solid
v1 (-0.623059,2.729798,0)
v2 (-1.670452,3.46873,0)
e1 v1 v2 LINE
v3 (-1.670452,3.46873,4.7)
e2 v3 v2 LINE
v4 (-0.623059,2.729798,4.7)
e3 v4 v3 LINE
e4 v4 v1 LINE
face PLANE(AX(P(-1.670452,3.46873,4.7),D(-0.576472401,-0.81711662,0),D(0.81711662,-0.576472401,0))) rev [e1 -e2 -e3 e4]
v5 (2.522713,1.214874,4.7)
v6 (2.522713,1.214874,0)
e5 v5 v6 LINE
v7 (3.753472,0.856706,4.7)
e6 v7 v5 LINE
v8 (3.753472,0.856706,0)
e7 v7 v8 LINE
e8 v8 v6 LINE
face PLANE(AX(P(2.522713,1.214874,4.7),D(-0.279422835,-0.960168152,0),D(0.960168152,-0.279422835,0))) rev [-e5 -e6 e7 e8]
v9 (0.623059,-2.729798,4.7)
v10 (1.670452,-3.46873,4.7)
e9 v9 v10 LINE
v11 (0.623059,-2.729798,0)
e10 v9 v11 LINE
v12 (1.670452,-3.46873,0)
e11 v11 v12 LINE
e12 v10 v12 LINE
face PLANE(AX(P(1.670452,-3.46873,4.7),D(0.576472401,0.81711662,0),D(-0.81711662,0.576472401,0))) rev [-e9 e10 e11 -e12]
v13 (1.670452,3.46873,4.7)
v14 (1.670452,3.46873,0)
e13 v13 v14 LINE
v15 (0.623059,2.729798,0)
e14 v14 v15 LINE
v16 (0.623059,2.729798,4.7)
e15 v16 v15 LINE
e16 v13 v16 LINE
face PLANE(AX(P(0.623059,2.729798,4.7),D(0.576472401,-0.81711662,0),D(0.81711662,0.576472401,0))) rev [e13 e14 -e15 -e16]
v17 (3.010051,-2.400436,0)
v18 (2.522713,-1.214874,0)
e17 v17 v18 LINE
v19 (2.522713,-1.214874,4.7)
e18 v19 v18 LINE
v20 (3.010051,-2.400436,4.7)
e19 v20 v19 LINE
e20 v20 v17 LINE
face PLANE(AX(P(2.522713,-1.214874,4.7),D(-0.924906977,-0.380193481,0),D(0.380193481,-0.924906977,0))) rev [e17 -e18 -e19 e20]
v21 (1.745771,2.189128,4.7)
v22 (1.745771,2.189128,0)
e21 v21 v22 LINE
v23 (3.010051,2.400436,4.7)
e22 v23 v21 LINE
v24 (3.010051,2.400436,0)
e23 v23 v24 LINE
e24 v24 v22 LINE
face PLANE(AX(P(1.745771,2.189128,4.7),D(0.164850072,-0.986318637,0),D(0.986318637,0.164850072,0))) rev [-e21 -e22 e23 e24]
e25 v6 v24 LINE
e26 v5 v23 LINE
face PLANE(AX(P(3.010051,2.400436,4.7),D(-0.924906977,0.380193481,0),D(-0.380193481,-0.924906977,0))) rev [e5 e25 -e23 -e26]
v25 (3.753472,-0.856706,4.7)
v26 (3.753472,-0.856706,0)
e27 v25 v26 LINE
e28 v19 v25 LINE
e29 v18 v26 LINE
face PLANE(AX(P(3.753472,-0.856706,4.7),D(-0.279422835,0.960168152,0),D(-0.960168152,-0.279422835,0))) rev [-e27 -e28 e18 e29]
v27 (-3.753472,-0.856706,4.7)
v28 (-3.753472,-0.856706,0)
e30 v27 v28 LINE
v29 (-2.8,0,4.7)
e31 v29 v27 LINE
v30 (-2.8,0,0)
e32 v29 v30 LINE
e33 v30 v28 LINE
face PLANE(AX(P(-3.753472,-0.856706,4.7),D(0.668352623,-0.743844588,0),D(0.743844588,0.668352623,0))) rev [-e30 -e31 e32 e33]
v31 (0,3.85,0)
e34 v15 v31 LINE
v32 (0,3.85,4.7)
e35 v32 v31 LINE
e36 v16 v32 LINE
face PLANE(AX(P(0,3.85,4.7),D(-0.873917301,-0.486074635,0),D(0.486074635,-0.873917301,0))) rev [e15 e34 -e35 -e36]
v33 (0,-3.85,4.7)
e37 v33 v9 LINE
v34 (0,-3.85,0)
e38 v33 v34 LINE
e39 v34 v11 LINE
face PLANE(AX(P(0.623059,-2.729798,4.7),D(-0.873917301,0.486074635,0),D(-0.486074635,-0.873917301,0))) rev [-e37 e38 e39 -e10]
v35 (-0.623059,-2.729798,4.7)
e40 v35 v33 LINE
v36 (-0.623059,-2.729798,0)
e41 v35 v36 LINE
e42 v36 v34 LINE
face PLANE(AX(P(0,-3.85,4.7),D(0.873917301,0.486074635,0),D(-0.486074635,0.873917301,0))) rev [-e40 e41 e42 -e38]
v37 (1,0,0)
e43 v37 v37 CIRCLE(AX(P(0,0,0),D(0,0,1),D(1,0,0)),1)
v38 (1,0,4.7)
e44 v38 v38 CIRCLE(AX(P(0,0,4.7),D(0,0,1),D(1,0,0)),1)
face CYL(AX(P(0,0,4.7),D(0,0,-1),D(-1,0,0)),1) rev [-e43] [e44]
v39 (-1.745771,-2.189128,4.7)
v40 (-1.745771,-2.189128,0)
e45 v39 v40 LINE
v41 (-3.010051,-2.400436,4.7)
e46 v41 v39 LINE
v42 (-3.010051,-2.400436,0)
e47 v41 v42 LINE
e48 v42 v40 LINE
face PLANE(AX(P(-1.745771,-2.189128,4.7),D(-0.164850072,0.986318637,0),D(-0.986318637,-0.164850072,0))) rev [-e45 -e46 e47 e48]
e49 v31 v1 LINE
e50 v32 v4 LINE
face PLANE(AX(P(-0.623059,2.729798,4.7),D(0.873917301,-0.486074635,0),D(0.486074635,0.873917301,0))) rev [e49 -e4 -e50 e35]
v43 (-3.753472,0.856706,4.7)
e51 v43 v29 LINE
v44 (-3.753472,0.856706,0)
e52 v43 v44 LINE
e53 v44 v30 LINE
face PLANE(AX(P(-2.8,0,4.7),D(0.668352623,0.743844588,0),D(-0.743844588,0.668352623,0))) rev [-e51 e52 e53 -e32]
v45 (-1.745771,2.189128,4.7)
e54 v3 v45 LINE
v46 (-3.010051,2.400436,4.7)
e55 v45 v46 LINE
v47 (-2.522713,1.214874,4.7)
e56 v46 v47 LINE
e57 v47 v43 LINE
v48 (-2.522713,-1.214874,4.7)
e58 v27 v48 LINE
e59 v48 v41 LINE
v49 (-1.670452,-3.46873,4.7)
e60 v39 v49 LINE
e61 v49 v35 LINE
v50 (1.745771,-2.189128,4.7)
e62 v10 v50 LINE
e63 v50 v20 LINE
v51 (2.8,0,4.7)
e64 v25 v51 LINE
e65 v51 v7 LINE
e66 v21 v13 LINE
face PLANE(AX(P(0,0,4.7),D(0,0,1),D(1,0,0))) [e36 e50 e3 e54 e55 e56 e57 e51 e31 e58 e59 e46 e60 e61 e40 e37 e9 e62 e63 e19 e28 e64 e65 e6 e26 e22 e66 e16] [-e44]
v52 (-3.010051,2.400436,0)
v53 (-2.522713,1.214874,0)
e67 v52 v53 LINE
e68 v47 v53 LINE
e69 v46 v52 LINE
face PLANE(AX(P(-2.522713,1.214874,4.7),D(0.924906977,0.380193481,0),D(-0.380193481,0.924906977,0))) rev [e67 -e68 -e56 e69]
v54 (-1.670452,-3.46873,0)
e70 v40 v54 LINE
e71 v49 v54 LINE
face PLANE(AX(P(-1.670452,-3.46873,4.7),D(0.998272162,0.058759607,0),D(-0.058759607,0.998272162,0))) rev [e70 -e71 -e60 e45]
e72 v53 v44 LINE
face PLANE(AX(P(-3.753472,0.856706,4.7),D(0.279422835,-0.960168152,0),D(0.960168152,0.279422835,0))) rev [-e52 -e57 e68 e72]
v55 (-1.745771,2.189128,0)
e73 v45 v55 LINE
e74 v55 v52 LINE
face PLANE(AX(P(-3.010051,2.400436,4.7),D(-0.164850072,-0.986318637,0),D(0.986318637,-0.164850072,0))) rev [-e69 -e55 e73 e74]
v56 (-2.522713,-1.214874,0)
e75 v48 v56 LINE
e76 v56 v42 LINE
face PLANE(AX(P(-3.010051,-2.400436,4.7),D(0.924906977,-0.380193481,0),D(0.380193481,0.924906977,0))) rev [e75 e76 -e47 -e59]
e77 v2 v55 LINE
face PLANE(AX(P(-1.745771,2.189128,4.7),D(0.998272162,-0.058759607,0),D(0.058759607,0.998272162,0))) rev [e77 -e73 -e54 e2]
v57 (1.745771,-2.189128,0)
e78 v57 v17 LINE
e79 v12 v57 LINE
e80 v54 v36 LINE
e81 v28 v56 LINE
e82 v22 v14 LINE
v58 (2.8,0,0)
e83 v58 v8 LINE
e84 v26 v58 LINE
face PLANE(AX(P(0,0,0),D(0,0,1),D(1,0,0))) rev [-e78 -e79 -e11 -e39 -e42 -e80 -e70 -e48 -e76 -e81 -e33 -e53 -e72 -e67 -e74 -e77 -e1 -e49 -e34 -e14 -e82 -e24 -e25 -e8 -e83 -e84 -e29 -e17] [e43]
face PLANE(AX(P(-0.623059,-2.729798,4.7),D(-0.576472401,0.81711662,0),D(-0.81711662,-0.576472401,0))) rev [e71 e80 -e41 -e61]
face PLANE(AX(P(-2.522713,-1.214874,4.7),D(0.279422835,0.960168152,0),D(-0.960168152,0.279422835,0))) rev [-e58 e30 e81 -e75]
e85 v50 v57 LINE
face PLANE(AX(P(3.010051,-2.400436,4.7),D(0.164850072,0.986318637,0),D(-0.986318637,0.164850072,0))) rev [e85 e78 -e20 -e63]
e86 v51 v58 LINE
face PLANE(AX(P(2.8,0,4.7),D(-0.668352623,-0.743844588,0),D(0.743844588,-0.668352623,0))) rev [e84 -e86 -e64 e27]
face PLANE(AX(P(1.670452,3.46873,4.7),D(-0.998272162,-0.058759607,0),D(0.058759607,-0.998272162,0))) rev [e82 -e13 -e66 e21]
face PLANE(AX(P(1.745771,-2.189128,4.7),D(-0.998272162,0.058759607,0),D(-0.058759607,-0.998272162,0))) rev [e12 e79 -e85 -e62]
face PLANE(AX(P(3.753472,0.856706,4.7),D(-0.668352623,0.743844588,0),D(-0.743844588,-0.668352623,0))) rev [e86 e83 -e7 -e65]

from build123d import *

# Parameters (mm, degrees)
SKETCH1_R           = 1
BOSS_EXTRUDE1_DEPTH = 4.7


with BuildPart() as part:
    # Sketch1 → Boss-Extrude1 (new body)
    with BuildSketch(Plane.XY):
        Polygon((0, 3.85), (0.623058615, 2.729798154), (1.670452396, 3.468730141), (1.745771445, 2.189128151), (3.010051208, 2.400435737), (2.52271283, 1.21487447), (3.753472462, 0.856705596), (2.8, 0), (3.753472462, -0.856705596), (2.52271283, -1.21487447), (3.010051208, -2.400435737), (1.745771445, -2.189128151), (1.670452396, -3.468730141), (0.623058615, -2.729798154), (0, -3.85), (-0.623058615, -2.729798154), (-1.670452396, -3.468730141), (-1.745771445, -2.189128151), (-3.010051208, -2.400435737), (-2.52271283, -1.21487447), (-3.753472462, -0.856705596), (-2.8, 0), (-3.753472462, 0.856705596), (-2.52271283, 1.21487447), (-3.010051208, 2.400435737), (-1.745771445, 2.189128151), (-1.670452396, 3.468730141), (-0.623058615, 2.729798154), align=None)
        Circle(SKETCH1_R, mode=Mode.SUBTRACT)
    extrude(amount=BOSS_EXTRUDE1_DEPTH)


solid = part.part
